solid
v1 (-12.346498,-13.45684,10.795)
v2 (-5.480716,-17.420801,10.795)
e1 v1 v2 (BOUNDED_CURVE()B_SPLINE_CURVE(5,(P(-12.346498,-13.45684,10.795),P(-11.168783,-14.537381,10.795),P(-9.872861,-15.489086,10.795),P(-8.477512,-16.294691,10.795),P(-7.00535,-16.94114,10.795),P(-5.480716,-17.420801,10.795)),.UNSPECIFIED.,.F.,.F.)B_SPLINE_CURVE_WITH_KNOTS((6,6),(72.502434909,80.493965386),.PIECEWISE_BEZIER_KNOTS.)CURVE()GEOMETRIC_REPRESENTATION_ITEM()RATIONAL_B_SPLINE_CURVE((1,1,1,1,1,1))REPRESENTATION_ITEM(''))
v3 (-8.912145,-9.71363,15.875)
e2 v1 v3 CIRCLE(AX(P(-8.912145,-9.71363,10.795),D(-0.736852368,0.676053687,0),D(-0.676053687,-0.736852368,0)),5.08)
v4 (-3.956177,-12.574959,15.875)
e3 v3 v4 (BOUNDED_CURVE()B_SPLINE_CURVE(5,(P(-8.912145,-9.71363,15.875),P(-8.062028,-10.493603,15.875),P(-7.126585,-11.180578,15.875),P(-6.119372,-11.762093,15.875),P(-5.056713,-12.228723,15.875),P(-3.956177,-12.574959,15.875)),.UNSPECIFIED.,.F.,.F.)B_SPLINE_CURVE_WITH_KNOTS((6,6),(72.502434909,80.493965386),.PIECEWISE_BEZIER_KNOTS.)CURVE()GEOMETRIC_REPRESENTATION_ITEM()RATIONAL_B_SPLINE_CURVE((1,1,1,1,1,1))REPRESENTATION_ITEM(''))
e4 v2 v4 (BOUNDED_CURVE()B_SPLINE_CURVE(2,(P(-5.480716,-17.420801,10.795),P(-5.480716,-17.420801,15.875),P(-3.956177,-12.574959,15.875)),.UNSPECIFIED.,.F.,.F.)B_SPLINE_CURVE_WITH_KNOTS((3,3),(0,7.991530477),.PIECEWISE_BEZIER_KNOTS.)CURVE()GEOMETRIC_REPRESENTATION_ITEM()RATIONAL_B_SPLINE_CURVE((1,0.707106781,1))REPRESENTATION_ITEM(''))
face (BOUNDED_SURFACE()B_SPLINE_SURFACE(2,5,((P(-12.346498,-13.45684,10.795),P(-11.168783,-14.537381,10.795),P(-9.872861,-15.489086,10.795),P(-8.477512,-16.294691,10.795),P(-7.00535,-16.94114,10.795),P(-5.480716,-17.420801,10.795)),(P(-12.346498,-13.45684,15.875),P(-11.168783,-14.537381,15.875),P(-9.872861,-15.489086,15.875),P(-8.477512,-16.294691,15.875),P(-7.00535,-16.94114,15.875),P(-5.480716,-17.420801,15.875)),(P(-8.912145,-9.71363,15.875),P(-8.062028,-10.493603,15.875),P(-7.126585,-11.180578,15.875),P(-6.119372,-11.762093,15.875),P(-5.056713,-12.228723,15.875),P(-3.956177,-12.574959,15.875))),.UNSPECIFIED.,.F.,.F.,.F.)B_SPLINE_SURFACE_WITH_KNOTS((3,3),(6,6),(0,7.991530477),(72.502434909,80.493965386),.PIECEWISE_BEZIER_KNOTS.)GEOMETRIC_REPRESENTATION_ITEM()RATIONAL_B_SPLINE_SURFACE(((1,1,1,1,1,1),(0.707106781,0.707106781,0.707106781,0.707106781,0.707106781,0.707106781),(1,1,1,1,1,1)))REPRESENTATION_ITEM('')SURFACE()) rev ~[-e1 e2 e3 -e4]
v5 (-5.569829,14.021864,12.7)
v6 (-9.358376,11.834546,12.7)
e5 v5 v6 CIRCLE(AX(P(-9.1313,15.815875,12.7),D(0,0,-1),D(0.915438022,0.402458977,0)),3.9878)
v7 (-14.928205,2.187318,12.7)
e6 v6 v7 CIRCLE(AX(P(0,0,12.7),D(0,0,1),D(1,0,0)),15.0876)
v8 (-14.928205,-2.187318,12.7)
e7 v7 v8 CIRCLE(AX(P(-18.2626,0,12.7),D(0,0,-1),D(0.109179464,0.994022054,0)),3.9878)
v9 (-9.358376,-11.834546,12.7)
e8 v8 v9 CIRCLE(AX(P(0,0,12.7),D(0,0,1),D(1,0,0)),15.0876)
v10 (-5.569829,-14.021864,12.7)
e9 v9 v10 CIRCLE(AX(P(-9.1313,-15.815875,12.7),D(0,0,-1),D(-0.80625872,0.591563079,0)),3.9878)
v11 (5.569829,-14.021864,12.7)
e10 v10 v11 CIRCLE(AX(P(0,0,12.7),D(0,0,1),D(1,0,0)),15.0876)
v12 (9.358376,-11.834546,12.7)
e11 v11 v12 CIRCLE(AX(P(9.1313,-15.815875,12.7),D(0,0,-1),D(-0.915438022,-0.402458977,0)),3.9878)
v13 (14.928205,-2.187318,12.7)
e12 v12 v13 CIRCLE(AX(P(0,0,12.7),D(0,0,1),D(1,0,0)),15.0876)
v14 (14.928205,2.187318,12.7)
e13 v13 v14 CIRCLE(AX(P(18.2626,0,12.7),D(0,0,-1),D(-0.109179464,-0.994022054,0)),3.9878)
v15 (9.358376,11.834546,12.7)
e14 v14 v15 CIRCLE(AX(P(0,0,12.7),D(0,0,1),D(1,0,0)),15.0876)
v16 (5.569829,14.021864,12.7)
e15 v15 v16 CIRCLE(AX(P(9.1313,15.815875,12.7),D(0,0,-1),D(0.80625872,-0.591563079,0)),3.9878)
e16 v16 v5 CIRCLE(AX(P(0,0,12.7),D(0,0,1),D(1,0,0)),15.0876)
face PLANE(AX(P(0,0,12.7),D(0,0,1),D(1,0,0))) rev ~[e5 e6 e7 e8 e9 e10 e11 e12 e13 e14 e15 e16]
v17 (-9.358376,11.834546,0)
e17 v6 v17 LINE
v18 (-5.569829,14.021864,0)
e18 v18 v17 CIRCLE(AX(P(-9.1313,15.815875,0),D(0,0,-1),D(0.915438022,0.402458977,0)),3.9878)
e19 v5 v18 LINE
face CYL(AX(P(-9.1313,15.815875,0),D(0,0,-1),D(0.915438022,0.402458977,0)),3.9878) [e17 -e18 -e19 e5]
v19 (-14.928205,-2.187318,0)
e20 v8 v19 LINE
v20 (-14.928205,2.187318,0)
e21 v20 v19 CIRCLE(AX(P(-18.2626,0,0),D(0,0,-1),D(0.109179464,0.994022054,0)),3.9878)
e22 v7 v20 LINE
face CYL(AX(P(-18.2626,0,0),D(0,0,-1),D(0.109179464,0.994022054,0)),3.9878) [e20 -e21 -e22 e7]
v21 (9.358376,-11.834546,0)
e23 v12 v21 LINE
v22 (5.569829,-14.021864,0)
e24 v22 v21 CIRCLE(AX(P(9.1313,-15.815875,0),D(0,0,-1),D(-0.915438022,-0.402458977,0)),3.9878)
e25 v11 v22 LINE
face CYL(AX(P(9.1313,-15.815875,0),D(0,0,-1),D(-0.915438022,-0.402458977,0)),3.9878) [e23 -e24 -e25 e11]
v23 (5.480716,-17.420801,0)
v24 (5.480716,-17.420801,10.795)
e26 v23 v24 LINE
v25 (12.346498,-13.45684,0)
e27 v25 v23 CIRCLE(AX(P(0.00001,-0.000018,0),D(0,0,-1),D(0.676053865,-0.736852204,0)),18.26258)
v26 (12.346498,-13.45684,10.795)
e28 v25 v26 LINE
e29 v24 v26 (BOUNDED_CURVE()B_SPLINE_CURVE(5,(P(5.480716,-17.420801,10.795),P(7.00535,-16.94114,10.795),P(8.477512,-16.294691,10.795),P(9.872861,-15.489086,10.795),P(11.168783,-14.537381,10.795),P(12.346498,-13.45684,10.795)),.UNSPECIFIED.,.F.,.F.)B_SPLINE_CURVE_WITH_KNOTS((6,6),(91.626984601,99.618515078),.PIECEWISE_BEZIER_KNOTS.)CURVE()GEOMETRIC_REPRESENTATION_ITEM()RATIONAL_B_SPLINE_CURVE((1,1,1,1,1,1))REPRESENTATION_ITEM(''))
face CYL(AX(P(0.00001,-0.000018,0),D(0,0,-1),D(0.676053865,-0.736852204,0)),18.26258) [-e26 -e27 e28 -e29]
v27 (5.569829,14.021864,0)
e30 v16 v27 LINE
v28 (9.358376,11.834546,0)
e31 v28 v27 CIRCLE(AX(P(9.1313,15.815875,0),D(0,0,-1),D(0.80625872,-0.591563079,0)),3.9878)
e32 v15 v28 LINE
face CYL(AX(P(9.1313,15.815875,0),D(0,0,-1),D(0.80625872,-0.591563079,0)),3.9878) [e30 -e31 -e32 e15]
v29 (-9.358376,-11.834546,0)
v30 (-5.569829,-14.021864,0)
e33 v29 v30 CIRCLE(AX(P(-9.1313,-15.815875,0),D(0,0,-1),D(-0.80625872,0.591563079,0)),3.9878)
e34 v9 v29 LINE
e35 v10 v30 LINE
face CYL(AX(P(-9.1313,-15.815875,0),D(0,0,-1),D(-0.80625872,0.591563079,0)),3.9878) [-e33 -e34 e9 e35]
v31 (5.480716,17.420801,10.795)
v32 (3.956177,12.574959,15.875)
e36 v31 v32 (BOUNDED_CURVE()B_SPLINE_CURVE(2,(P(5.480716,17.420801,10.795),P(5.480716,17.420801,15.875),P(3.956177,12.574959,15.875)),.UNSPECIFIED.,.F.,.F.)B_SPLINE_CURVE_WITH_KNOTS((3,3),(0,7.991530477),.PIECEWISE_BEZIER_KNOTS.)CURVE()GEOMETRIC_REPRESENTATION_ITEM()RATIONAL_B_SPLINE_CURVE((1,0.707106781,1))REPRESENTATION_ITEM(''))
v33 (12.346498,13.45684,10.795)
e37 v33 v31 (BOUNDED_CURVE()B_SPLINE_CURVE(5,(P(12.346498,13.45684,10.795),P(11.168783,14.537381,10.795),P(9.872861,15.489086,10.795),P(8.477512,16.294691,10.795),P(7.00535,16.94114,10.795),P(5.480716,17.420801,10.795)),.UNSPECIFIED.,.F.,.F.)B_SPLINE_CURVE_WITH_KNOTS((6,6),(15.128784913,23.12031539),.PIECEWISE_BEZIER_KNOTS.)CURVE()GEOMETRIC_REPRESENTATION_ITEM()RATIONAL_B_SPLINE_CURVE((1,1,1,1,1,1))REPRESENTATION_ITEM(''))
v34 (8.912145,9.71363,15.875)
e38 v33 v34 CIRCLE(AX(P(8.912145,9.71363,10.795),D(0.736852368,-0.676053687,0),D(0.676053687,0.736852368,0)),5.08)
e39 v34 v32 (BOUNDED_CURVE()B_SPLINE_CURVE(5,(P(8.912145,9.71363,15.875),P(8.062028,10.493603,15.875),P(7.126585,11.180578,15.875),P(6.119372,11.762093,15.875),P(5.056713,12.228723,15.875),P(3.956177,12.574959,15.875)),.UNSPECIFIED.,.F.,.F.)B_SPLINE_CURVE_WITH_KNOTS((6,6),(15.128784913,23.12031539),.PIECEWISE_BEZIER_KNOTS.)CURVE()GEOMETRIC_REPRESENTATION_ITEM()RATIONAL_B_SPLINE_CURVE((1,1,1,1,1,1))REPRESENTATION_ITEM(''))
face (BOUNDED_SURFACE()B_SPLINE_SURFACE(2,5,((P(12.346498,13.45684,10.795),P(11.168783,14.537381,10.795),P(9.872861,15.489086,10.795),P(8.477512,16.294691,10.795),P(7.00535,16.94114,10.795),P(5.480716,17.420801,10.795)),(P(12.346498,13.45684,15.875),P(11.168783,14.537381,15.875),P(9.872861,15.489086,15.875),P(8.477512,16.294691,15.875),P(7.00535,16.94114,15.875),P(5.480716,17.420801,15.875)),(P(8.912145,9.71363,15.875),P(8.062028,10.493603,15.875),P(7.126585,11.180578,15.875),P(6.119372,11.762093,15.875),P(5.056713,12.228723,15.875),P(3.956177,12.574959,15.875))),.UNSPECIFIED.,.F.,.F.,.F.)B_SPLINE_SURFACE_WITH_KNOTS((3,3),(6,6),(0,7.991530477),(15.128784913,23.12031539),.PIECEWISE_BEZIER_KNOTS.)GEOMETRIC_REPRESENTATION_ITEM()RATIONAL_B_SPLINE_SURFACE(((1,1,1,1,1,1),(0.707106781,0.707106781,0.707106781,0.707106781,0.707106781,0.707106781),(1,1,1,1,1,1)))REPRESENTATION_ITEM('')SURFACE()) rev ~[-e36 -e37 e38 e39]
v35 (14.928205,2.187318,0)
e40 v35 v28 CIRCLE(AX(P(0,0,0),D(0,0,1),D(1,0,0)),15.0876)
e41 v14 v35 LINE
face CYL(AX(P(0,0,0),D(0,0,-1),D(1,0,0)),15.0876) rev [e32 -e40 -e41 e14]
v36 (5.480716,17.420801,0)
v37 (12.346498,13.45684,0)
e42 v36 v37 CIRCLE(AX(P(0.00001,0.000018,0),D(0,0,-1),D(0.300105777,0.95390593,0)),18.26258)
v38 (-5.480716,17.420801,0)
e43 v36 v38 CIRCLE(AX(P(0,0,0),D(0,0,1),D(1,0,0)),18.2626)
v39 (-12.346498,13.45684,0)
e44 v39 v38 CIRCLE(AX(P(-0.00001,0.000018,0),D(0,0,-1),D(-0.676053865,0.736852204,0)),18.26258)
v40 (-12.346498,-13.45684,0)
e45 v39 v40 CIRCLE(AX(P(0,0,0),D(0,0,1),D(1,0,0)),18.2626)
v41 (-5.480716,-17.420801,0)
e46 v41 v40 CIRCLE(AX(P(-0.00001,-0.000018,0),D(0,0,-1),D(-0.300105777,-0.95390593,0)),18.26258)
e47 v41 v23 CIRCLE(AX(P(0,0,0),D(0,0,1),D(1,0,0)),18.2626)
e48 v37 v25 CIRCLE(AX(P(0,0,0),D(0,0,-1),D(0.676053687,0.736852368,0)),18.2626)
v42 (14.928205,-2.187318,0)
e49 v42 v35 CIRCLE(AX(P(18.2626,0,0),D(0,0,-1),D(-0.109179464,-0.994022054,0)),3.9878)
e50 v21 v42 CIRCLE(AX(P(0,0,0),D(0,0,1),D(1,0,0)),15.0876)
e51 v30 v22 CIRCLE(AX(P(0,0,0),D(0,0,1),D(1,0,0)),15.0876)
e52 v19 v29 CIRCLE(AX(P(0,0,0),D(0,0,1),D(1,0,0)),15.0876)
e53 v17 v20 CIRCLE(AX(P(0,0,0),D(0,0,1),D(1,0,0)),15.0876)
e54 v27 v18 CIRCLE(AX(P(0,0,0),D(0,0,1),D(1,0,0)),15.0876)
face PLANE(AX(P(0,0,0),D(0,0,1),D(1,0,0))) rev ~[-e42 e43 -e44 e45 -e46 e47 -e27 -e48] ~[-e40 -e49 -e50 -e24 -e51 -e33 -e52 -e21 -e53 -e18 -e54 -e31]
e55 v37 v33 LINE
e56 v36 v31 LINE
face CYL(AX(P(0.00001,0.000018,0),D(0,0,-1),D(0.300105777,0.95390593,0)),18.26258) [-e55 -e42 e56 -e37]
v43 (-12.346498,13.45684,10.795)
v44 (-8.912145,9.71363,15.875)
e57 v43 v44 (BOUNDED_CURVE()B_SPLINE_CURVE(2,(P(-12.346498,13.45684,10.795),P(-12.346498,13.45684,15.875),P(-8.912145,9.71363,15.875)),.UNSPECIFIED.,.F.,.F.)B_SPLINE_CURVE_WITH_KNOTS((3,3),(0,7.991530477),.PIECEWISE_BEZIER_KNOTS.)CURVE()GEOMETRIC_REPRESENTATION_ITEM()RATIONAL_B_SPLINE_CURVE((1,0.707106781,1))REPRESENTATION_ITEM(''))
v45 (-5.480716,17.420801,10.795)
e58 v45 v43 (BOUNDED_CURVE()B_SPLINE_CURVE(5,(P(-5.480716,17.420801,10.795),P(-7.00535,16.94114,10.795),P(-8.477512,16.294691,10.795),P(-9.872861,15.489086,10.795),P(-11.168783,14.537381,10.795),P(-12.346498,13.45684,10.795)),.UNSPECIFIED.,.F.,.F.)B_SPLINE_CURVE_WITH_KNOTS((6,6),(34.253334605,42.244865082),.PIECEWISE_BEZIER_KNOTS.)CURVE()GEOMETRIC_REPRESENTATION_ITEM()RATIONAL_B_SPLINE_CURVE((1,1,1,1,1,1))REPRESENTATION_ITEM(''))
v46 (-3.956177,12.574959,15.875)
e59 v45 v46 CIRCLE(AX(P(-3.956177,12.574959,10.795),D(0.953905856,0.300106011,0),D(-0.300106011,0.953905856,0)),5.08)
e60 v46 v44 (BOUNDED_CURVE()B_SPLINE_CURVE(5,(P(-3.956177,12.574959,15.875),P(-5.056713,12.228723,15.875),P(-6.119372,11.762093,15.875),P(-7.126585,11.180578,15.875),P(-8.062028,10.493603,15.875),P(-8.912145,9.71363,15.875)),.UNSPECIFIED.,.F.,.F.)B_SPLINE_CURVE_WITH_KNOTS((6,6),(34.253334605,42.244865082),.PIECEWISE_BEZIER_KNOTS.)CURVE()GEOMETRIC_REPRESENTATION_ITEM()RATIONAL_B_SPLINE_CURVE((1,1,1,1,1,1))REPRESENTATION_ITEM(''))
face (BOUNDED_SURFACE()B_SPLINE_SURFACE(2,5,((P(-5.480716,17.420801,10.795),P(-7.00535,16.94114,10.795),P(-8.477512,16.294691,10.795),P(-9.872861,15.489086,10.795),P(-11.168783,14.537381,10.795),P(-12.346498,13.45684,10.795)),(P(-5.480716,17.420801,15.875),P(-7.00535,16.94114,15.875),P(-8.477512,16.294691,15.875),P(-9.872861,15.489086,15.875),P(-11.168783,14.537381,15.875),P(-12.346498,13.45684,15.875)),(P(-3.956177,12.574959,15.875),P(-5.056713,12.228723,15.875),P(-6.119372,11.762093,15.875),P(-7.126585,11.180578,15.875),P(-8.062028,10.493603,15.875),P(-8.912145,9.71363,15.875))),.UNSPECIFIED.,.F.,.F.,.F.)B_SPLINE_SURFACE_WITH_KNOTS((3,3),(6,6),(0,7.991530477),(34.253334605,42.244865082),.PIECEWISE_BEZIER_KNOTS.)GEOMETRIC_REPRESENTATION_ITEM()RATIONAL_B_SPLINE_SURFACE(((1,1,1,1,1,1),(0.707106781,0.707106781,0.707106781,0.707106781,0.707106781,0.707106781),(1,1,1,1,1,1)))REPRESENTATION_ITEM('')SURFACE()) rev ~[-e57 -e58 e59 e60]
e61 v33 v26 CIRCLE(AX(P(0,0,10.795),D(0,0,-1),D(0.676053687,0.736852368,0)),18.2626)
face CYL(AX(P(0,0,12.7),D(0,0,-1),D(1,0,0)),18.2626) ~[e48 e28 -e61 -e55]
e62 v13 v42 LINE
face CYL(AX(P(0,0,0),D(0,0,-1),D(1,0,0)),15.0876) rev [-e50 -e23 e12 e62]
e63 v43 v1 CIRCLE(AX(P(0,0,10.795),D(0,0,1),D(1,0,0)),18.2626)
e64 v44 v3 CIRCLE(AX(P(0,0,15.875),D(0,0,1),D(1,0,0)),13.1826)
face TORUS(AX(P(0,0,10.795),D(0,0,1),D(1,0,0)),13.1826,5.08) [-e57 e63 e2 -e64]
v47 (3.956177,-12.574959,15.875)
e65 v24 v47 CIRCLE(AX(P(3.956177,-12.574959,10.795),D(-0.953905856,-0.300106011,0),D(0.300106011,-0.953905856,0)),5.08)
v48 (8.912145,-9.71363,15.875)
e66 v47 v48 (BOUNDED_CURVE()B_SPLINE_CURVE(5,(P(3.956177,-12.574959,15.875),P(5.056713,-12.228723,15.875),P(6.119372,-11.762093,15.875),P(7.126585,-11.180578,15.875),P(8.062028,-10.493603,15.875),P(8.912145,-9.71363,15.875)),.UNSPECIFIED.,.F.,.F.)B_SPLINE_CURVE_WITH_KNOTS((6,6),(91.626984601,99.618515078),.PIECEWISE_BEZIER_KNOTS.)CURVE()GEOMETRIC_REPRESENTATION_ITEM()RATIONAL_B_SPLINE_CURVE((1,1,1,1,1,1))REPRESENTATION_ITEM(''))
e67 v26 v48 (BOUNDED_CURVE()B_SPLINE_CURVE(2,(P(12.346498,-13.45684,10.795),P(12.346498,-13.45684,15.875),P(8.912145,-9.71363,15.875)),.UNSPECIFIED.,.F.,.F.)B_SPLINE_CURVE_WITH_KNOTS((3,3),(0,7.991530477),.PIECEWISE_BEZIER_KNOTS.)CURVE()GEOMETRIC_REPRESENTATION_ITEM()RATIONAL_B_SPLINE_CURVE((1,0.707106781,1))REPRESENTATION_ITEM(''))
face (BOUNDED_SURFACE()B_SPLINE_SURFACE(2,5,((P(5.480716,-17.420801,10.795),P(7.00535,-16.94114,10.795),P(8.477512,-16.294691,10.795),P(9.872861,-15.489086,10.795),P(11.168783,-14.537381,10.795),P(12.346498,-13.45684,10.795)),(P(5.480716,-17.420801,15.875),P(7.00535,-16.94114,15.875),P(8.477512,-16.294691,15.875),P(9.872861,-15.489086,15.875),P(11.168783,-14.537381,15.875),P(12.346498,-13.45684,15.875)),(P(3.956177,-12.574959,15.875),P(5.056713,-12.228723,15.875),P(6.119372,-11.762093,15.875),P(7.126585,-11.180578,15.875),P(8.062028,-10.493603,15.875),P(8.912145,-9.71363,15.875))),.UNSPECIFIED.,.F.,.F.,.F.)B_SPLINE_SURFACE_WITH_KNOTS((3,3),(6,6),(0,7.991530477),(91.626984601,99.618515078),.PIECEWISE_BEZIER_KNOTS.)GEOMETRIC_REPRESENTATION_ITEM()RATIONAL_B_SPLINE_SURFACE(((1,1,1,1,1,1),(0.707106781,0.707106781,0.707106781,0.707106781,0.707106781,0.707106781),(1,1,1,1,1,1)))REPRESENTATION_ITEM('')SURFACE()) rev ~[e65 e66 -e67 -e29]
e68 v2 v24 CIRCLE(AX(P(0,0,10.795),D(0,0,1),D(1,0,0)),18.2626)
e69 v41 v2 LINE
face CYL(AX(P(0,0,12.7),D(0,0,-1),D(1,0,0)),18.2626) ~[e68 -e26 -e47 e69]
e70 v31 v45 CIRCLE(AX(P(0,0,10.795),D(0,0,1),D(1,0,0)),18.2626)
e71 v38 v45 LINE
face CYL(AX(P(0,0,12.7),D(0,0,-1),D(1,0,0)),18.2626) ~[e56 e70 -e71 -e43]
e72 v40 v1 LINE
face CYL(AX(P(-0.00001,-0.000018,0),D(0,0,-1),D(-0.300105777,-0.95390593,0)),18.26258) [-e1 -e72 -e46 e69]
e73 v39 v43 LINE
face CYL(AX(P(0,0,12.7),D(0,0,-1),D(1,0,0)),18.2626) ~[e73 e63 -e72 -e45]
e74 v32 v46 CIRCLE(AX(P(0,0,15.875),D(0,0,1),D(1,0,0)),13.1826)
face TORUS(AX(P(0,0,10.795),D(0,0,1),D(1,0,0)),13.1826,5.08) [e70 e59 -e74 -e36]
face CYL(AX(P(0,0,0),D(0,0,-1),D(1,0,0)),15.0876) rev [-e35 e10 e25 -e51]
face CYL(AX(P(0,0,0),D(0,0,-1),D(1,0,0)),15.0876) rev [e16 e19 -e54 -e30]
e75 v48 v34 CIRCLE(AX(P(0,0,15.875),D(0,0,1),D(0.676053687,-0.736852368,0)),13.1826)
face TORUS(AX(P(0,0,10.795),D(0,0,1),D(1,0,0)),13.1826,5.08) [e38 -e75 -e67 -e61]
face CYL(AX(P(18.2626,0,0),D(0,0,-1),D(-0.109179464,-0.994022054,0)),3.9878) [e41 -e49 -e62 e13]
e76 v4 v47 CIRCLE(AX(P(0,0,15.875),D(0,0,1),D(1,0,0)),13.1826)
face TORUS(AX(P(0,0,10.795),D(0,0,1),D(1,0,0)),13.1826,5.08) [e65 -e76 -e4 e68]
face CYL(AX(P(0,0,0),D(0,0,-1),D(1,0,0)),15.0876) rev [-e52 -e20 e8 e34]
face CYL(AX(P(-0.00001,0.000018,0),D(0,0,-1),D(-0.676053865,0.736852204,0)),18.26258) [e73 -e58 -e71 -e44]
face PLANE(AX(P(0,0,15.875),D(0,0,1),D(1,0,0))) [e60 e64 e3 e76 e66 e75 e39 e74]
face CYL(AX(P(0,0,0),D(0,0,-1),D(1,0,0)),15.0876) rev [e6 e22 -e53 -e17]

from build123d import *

# Parameters (mm, degrees)
F1_R     = 18.2626
F1_R_2   = 15.0876
F2_DEPTH = 12.7
F3_R     = 18.2626
F4_DEPTH = 3.175
F6_DEPTH = 12.7
F7_R     = 5.08


with BuildPart() as f2:
    # F1 (on Top) → F2 (new body)
    with BuildSketch(Plane.XY):
        Circle(F1_R)
        Circle(F1_R_2, mode=Mode.SUBTRACT)
    extrude(amount=F2_DEPTH)

    # F3 (on face) → F4 (join)
    with BuildSketch(Plane.XY.offset(12.7)):
        Circle(F3_R)
    extrude(amount=F4_DEPTH)

    # F5 (on face) → F6 (join, through all)
    with BuildSketch(Plane(origin=(0, 0, 0), x_dir=(1, 0, 0), z_dir=(0, 0, -1))):
        with BuildLine():
            ThreePointArc((-17.827214, 3.963961), (-18.2626, 0), (-17.827214, -3.963961))
            ThreePointArc((-17.827214, -3.963961), (-14.2748, 0), (-17.827214, 3.963961))
        make_face()
        with BuildLine():
            ThreePointArc((-12.346498, -13.45684), (-9.1313, -15.815876), (-5.480716, -17.420801))
            ThreePointArc((-5.480716, -17.420801), (-7.1374, -12.362339), (-12.346498, -13.45684))
        make_face()
        with BuildLine():
            ThreePointArc((5.480716, -17.420801), (9.1313, -15.815876), (12.346498, -13.45684))
            ThreePointArc((12.346498, -13.45684), (7.1374, -12.362339), (5.480716, -17.420801))
        make_face()
        with BuildLine():
            ThreePointArc((17.827214, -3.963961), (18.2626, 0), (17.827214, 3.963961))
            ThreePointArc((17.827214, 3.963961), (14.2748, 0), (17.827214, -3.963961))
        make_face()
        with BuildLine():
            ThreePointArc((12.346498, 13.45684), (9.1313, 15.815876), (5.480716, 17.420801))
            ThreePointArc((5.480716, 17.420801), (7.1374, 12.362339), (12.346498, 13.45684))
        make_face()
        with BuildLine():
            ThreePointArc((-5.480716, 17.420801), (-9.1313, 15.815876), (-12.346498, 13.45684))
            ThreePointArc((-12.346498, 13.45684), (-7.1374, 12.362339), (-5.480716, 17.420801))
        make_face()
    extrude(amount=-F6_DEPTH)

    # F7
    f7_edges = [f2.edges().sort_by_distance(p)[0] for p in [
        (-18.2626, 0, 15.875),
    ]]
    fillet(f7_edges, radius=F7_R)


solid = f2.part
